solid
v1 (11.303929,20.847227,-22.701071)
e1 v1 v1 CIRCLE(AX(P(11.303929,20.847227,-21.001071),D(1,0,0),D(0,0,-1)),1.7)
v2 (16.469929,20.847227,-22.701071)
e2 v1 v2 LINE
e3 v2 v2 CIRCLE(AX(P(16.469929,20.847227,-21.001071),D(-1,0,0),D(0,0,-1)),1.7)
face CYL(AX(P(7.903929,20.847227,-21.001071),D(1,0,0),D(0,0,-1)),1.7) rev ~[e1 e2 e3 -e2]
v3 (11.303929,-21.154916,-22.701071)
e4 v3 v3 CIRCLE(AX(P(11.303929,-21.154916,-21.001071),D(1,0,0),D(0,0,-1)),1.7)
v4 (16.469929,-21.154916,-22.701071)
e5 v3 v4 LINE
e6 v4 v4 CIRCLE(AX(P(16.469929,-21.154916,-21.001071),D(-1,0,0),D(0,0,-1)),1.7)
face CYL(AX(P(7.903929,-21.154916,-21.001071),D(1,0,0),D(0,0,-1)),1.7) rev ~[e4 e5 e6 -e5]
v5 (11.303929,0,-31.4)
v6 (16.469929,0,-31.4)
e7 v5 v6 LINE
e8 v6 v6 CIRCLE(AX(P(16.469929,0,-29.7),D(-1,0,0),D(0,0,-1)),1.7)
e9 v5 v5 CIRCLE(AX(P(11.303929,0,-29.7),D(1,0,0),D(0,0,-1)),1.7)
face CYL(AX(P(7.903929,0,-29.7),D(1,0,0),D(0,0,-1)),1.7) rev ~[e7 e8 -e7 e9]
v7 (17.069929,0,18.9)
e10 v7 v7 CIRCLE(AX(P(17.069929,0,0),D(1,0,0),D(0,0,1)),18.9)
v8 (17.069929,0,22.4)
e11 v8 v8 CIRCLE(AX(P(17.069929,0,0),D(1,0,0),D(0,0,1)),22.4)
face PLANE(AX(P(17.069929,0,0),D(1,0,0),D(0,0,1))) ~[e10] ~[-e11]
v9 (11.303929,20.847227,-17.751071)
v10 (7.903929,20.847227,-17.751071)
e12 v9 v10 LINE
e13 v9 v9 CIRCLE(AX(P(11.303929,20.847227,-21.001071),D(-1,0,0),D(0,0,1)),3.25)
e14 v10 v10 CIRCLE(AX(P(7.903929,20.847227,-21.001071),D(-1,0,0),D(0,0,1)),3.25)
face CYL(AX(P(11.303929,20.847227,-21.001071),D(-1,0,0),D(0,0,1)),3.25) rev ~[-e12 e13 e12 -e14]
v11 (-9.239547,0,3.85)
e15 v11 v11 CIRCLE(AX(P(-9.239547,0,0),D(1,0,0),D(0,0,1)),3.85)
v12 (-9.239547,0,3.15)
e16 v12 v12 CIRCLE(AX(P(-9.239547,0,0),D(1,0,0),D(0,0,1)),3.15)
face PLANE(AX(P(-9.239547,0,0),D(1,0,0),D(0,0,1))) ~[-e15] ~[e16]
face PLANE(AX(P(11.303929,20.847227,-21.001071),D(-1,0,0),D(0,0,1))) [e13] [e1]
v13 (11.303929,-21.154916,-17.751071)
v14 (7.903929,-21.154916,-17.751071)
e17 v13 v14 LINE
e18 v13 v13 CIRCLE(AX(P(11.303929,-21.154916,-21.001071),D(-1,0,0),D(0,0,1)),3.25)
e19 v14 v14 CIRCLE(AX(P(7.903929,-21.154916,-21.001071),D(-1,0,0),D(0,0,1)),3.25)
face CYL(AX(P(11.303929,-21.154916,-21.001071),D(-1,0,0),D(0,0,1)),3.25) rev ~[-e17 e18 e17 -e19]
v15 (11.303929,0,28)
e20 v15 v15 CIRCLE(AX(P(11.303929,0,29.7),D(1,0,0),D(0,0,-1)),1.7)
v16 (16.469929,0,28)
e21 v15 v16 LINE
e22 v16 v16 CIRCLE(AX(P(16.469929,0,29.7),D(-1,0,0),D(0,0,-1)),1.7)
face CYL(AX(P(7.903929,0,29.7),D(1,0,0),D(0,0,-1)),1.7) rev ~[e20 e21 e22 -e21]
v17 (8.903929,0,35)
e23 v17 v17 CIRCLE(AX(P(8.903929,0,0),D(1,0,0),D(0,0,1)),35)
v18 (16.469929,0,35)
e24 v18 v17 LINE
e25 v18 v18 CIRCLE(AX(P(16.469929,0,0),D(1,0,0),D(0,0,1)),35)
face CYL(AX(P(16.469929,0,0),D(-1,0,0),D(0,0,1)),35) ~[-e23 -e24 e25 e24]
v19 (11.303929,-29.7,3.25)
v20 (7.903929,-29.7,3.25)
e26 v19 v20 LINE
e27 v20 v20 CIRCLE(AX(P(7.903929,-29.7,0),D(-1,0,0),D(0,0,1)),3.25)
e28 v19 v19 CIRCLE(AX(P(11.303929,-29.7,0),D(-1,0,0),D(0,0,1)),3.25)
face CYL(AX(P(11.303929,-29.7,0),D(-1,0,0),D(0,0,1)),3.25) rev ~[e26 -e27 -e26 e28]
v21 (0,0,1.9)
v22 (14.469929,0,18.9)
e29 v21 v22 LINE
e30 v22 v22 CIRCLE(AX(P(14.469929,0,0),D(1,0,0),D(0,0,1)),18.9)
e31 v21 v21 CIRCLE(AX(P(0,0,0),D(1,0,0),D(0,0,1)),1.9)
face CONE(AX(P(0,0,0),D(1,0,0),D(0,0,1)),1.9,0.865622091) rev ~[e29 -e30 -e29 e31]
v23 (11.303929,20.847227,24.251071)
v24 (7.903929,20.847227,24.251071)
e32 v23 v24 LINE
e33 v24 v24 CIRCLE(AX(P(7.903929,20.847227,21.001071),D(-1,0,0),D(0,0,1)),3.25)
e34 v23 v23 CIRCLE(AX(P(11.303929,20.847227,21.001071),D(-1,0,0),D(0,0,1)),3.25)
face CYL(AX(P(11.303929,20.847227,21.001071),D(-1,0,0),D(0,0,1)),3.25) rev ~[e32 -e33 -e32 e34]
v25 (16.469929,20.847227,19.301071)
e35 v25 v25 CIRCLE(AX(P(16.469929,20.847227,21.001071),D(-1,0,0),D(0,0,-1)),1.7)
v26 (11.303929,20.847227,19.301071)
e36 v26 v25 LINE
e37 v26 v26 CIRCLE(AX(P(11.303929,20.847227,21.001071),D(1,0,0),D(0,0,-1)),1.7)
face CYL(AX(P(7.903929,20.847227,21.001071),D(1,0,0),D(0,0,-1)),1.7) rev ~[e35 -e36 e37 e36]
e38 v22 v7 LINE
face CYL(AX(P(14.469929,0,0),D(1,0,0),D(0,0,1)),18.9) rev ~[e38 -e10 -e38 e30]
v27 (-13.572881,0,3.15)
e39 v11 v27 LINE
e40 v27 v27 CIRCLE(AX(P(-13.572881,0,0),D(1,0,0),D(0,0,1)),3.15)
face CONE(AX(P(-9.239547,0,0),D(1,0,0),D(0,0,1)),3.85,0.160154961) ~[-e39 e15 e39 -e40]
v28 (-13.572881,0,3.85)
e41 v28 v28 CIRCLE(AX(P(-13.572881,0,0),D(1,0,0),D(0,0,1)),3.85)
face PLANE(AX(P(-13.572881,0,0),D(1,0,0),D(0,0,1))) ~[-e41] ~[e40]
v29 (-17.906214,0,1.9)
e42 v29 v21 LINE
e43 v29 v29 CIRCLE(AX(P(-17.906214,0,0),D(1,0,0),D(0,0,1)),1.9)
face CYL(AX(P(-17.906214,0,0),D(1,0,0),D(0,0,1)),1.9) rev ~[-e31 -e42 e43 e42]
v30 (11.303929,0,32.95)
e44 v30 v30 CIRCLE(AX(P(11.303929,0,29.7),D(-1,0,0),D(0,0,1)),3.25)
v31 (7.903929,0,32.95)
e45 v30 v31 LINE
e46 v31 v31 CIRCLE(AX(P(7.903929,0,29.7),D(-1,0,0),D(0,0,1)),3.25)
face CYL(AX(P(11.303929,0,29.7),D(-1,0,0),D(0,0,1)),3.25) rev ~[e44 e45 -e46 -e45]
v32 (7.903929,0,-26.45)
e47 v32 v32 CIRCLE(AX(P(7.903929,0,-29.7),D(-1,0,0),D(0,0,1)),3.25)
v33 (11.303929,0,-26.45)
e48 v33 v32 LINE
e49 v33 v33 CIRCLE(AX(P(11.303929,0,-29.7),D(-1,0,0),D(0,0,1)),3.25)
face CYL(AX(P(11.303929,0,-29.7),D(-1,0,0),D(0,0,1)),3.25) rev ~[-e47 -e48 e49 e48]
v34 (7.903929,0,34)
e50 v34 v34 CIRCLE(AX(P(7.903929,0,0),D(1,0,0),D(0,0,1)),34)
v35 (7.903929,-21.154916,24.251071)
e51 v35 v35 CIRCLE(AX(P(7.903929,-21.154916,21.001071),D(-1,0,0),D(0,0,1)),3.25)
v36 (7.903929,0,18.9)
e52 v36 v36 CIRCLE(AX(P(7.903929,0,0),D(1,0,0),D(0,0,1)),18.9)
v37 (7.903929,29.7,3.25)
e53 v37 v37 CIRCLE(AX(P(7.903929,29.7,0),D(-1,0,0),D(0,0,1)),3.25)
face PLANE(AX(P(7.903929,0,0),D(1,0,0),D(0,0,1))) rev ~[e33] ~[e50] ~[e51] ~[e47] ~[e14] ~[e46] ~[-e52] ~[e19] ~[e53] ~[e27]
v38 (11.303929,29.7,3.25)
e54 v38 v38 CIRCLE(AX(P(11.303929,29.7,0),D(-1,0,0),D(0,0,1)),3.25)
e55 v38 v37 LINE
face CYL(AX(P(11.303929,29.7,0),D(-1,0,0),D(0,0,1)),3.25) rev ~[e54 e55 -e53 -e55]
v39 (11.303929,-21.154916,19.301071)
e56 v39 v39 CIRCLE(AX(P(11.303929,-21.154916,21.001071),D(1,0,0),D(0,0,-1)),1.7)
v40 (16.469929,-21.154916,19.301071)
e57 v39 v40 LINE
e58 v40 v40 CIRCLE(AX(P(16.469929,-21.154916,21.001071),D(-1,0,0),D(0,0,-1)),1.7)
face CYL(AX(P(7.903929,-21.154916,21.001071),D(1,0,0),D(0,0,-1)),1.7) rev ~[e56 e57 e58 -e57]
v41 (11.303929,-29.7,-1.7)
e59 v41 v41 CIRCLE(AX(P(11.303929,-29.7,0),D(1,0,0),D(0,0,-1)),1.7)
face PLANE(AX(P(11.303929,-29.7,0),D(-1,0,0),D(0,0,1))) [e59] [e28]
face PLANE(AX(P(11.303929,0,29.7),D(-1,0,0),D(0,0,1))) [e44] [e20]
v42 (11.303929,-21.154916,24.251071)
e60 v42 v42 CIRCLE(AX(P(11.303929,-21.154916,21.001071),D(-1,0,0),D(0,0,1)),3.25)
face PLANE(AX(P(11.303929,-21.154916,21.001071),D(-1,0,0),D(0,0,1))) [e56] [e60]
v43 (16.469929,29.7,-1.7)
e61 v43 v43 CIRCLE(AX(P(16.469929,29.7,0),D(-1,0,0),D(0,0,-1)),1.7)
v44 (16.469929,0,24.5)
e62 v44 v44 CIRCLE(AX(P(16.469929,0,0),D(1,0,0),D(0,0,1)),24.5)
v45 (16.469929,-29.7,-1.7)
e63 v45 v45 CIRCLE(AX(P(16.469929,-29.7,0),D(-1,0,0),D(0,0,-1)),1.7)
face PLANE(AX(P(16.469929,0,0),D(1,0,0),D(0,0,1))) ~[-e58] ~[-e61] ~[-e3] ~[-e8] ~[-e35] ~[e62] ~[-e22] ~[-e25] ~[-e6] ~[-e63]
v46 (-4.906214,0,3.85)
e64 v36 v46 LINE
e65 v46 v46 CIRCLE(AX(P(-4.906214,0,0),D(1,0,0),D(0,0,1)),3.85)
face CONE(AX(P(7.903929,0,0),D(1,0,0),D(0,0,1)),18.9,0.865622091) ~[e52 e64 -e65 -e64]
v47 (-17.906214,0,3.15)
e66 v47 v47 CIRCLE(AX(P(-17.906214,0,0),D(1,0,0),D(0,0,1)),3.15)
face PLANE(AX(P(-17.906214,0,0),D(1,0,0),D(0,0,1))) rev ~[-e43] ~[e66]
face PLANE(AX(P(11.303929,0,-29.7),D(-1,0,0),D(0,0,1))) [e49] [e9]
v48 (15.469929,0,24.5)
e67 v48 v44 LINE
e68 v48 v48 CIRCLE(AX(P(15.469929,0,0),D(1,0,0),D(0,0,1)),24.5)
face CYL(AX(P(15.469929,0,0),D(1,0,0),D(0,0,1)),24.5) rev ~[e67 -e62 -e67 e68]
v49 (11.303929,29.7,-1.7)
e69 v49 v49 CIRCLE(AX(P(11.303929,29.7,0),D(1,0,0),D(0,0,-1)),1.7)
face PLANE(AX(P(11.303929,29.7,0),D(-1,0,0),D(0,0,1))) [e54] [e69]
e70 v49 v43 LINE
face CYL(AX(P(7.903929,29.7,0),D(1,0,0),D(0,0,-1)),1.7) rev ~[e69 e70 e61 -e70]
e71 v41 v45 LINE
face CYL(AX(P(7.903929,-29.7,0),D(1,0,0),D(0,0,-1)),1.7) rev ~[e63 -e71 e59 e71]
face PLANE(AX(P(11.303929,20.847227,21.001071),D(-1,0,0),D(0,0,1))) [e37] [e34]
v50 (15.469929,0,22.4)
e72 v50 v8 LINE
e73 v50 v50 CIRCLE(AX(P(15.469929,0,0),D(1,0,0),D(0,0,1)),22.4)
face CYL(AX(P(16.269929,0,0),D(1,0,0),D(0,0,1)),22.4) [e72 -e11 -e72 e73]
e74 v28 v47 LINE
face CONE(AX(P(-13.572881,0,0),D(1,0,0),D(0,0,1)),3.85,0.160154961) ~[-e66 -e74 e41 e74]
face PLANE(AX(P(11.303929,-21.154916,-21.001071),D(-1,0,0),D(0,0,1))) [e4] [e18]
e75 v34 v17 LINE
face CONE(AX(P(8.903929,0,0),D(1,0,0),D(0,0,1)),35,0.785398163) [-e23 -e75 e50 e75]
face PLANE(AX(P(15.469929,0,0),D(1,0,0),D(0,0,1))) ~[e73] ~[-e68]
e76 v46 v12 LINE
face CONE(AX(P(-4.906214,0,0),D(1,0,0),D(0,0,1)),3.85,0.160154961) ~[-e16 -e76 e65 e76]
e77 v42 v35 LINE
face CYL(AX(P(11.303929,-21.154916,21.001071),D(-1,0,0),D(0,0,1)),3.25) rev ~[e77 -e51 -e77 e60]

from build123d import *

# Parameters (mm, degrees)
SKETCH1_W                                           = 1.6
SKETCH1_H                                           = 3.5
CBORE_FOR_M3_HEX_SOCKET_HEAD_CAP_SCREW2_D           = 3.4
CBORE_FOR_M3_HEX_SOCKET_HEAD_CAP_SCREW2_DEPTH       = 8.566
CBORE_FOR_M3_HEX_SOCKET_HEAD_CAP_SCREW2_CBORE_D     = 6.5
CBORE_FOR_M3_HEX_SOCKET_HEAD_CAP_SCREW2_CBORE_DEPTH = 3.4
CBORE_FOR_M3_HEX_SOCKET_HEAD_CAP_SCREW2_TIP         = 1.021463052
CHAMFER1_SIZE                                       = 1


with BuildPart() as part:
    # Sketch1 → Revolve17 (revolve)
    with BuildSketch(Plane.XY, mode=Mode.PRIVATE) as revolve17_sk:
        Polygon((-13.572880732, 3.15), (-13.572880732, 3.85), (-17.906214066, 3.15), (-17.906214066, 1.9), (0, 1.9), (14.469928658, 18.9), (15.469928658, 18.9), (15.469928658, 22.4), (15.469928658, 24.5), (16.469928658, 24.5), (16.469928658, 35), (7.903928658, 35), (7.903928658, 18.9), (-4.906214066, 3.85), (-9.239547399, 3.15), (-9.239547399, 3.85), align=None)
        with Locations((16.269928658, 20.65)):
            Rectangle(SKETCH1_W, SKETCH1_H)
    revolve(revolve17_sk.sketch.rotate(Axis((-801.920554309, 0, 0), (1, 0, 0)), 90), axis=Axis((-801.920554309, 0, 0), (1, 0, 0)))

    # CBORE for M3 Hex Socket Head Cap Screw2
    with Locations(Plane.ZY.offset(-7.903928658)):
        with Locations((-21.001071401, -21.154915542), (0, 29.7), (29.7, 0), (-29.7, 0), (0, -29.7), (-21.001071401, 20.847227261), (21.001071401, 20.847227261), (21.001071401, -21.154915542)):
            CounterBoreHole(CBORE_FOR_M3_HEX_SOCKET_HEAD_CAP_SCREW2_D / 2, CBORE_FOR_M3_HEX_SOCKET_HEAD_CAP_SCREW2_CBORE_D / 2, CBORE_FOR_M3_HEX_SOCKET_HEAD_CAP_SCREW2_CBORE_DEPTH, depth=CBORE_FOR_M3_HEX_SOCKET_HEAD_CAP_SCREW2_DEPTH)
            with Locations((0, 0, -(CBORE_FOR_M3_HEX_SOCKET_HEAD_CAP_SCREW2_DEPTH + CBORE_FOR_M3_HEX_SOCKET_HEAD_CAP_SCREW2_TIP / 2))):  # 118° drill point
                Cone(0, CBORE_FOR_M3_HEX_SOCKET_HEAD_CAP_SCREW2_D / 2, CBORE_FOR_M3_HEX_SOCKET_HEAD_CAP_SCREW2_TIP, mode=Mode.SUBTRACT)

    # Chamfer1
    chamfer1_edges = [part.edges().sort_by_distance(p)[0] for p in [
        (7.903928658, 0, -35),
    ]]
    chamfer(chamfer1_edges, length=CHAMFER1_SIZE)


solid = part.part
